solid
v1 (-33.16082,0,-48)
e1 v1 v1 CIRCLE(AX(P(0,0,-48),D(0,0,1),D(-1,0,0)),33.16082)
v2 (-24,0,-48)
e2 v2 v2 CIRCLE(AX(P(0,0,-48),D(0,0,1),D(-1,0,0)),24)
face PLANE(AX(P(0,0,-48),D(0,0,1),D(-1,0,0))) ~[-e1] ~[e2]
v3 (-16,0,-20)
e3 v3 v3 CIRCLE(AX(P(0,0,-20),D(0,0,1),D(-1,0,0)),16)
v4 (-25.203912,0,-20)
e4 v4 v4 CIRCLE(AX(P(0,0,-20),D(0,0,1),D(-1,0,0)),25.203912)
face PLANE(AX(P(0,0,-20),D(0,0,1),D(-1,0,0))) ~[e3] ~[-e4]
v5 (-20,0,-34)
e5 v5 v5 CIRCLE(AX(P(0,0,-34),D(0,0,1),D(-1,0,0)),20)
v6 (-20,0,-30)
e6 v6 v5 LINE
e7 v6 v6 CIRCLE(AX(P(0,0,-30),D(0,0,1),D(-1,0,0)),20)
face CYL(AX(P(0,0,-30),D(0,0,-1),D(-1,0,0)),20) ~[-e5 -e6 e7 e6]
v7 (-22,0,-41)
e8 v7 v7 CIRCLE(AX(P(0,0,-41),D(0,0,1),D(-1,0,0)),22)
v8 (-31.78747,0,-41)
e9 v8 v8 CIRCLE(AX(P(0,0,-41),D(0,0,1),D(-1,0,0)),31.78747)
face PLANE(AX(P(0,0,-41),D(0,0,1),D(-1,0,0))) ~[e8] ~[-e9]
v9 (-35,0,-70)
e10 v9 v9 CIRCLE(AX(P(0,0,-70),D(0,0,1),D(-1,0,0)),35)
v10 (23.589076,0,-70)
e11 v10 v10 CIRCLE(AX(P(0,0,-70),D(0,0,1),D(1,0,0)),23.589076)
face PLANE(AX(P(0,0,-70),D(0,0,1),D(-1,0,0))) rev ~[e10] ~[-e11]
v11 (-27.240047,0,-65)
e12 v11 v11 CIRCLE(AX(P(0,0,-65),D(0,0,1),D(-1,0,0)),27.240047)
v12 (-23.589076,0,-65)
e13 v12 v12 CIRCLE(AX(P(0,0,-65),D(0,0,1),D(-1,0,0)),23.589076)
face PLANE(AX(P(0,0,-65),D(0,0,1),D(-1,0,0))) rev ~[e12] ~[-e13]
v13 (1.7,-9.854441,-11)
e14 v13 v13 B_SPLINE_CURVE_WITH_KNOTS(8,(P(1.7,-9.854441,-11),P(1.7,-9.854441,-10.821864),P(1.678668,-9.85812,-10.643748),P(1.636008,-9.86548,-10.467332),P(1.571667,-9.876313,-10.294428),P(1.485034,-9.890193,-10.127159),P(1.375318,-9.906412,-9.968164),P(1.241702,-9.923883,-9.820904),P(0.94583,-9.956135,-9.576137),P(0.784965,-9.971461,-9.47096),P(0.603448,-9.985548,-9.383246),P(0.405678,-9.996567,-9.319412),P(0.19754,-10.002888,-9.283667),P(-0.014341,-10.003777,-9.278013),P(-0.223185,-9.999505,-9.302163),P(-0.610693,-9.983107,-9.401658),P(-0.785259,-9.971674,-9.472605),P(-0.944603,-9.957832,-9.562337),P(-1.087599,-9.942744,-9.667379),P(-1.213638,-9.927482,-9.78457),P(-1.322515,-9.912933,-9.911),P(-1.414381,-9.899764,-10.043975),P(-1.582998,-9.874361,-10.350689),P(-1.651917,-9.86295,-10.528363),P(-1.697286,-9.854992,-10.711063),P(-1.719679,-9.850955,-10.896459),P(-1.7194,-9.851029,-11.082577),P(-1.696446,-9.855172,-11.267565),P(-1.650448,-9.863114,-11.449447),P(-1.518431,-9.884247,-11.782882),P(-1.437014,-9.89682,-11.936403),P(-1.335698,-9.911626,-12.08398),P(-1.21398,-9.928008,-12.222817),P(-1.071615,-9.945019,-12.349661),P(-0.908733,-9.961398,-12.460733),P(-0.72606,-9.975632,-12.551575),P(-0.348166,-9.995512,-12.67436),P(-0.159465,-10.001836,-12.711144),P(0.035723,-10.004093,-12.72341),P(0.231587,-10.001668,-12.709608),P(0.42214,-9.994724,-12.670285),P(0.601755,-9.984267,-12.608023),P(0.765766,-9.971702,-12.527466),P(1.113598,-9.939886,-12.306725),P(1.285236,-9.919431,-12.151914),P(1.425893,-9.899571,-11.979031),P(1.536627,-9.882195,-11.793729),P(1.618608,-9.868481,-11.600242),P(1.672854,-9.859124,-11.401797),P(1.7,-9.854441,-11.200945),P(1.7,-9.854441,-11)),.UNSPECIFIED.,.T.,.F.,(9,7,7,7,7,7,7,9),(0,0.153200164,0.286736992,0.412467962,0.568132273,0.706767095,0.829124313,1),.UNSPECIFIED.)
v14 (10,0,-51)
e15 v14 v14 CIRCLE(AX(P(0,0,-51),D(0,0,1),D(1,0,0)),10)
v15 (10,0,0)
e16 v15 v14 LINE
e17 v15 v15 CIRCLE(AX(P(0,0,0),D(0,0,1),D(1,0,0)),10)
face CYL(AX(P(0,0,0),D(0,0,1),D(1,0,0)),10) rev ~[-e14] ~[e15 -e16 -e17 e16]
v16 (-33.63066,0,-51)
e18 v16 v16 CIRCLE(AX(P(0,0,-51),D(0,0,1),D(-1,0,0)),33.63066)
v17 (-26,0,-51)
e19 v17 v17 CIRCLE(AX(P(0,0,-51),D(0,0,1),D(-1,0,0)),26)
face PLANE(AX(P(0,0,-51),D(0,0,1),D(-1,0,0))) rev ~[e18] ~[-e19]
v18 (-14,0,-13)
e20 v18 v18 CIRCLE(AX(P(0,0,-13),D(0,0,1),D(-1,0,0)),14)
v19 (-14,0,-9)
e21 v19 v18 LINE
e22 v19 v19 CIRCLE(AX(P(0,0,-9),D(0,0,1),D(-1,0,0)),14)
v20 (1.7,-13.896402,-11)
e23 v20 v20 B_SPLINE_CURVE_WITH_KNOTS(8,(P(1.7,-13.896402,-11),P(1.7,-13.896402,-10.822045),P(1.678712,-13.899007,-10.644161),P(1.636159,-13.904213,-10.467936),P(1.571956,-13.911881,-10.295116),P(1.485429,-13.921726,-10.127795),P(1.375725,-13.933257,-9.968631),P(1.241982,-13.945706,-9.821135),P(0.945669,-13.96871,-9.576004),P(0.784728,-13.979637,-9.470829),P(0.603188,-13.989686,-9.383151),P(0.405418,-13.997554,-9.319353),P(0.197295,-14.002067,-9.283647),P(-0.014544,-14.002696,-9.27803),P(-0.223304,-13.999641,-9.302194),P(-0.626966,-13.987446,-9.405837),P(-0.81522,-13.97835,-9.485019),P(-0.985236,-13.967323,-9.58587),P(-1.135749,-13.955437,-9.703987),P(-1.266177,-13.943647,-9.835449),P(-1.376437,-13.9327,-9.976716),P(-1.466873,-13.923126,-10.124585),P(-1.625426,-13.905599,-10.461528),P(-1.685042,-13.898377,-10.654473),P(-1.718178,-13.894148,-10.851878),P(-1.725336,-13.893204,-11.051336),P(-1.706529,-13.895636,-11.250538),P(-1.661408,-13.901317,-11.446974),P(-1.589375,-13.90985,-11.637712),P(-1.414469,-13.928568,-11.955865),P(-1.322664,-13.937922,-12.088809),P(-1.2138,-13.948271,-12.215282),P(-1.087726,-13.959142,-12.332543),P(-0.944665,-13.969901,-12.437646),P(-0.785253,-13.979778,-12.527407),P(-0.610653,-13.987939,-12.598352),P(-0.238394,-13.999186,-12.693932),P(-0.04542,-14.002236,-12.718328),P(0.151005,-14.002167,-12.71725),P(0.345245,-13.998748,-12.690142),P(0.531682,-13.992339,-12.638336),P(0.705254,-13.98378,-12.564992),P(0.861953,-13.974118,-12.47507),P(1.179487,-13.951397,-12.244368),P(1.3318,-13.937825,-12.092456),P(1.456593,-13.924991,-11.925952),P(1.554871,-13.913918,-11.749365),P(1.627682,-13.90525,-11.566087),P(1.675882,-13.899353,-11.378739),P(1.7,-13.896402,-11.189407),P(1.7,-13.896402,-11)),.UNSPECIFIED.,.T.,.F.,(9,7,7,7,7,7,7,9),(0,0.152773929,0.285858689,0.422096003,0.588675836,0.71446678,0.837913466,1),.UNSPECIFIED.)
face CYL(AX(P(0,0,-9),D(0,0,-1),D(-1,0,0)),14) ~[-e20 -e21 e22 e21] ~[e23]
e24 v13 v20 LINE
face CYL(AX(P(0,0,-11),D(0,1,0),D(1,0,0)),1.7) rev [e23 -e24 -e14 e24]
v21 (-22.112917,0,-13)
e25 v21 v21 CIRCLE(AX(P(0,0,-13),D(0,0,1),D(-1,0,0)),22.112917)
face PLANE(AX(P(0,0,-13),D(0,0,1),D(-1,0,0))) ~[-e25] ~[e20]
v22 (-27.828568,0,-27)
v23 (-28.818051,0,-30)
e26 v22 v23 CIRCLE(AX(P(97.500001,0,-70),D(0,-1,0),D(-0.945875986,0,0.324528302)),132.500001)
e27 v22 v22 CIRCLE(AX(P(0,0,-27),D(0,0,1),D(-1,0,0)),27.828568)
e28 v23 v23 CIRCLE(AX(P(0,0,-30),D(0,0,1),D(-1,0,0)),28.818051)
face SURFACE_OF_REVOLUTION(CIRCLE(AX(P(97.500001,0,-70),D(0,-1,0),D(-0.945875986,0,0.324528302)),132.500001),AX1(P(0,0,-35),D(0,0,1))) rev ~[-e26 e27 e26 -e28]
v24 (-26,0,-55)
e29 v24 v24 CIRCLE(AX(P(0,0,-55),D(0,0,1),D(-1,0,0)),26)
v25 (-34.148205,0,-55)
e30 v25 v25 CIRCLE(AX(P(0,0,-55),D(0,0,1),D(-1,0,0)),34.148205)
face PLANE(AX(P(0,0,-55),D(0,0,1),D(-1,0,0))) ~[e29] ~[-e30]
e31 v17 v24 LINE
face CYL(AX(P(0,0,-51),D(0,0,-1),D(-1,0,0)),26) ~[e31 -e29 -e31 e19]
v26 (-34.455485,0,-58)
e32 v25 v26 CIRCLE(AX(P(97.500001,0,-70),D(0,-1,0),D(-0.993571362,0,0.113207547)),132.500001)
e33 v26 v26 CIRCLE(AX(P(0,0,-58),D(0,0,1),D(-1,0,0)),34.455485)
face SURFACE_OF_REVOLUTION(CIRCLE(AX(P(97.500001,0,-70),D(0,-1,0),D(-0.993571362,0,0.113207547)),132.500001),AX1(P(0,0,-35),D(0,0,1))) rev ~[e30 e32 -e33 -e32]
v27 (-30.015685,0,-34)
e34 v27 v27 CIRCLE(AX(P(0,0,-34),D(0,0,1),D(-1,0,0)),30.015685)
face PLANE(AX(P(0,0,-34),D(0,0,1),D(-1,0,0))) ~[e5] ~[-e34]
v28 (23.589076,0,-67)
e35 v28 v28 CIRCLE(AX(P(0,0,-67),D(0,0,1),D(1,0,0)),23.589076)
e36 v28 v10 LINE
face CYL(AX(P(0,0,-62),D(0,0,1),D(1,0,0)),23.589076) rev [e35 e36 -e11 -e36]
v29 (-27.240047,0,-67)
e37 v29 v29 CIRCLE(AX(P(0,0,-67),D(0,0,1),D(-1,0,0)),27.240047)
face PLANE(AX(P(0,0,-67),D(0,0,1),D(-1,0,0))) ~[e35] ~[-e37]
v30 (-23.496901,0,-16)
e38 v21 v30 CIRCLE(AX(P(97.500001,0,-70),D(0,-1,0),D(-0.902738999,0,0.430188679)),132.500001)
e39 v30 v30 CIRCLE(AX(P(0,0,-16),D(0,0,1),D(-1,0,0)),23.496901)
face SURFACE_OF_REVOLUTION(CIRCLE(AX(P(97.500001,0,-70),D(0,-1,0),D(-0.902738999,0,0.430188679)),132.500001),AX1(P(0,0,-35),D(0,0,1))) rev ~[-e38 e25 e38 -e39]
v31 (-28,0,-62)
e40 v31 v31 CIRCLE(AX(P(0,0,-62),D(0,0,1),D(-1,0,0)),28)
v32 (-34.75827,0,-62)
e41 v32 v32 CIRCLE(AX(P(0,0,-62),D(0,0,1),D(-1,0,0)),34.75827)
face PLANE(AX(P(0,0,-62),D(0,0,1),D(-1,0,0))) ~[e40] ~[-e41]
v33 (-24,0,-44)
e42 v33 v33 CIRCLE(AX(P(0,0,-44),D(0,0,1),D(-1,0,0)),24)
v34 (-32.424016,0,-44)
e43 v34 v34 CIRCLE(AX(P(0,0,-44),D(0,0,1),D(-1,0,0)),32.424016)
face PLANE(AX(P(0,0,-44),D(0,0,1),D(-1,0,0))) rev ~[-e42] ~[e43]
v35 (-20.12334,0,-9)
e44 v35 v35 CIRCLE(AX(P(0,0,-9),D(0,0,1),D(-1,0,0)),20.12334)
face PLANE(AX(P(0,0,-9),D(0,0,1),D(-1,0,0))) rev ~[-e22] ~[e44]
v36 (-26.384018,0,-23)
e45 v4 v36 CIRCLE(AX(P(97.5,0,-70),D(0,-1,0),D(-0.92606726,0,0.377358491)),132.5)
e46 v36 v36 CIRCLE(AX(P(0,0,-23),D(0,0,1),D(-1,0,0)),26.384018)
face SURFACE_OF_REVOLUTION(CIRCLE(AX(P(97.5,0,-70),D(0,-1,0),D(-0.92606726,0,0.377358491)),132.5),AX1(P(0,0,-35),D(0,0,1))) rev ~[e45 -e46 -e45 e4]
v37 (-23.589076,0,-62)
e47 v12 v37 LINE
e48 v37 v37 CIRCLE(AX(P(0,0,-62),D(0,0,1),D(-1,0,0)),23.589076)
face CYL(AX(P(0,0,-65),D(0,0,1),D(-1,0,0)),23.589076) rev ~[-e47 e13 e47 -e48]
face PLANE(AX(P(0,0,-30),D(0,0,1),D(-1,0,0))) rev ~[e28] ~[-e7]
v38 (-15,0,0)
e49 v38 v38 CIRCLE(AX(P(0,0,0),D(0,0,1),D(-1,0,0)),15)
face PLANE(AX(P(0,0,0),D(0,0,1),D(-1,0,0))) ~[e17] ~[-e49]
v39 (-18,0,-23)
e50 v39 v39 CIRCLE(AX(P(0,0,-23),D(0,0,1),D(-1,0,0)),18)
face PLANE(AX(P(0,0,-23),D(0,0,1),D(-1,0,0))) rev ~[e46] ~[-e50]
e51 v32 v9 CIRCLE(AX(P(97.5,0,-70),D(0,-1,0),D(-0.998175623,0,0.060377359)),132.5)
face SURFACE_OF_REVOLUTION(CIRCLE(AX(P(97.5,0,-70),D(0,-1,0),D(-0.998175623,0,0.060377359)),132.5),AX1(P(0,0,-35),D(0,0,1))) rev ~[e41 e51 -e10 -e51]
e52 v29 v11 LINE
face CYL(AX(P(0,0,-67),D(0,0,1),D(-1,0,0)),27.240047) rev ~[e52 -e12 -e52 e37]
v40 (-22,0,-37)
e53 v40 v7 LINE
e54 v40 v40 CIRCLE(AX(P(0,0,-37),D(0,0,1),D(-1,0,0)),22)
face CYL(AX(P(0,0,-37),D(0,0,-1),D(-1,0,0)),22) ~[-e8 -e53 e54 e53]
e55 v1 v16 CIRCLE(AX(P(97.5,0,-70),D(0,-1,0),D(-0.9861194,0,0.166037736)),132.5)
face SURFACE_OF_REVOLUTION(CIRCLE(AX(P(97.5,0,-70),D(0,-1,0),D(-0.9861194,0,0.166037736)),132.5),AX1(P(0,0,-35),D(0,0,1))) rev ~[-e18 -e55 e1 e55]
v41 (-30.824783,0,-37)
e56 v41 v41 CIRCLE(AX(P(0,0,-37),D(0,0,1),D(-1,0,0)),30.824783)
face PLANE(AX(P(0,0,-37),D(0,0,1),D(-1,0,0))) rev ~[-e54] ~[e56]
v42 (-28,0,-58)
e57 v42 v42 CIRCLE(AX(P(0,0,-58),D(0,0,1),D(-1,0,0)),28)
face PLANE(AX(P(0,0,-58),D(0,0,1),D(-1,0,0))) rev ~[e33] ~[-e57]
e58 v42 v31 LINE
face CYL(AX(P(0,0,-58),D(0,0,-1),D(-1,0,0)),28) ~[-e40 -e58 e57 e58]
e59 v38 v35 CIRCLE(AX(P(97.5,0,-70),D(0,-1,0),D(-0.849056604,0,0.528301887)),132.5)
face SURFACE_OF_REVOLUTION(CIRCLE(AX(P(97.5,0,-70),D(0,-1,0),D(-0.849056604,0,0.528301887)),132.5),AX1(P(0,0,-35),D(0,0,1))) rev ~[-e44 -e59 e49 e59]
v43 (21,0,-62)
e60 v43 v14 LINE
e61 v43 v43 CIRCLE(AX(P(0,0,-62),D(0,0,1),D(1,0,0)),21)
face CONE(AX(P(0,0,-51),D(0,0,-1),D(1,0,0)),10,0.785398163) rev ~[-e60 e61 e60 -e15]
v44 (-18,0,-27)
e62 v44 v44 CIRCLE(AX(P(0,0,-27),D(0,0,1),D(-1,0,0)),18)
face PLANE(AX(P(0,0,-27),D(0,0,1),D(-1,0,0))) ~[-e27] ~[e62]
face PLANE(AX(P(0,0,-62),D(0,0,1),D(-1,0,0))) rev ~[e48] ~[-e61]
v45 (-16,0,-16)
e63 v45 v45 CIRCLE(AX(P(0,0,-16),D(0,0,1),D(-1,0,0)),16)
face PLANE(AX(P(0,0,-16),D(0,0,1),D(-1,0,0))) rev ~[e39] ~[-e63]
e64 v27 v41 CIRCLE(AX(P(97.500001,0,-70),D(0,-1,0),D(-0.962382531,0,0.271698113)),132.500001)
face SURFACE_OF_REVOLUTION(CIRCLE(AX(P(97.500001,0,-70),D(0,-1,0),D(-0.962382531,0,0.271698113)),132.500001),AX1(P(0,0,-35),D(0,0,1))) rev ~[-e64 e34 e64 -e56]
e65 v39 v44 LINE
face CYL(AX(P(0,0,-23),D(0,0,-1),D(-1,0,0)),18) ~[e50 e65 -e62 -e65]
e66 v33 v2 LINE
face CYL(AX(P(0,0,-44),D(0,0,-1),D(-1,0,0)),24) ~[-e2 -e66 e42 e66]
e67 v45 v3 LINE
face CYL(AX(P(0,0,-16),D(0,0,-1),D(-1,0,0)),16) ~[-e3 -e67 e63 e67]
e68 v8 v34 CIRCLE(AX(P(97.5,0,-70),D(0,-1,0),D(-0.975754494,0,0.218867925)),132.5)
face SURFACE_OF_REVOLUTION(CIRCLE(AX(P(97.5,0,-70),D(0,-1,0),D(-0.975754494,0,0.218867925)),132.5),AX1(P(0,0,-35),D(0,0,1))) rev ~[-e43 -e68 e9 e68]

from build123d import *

# Parameters (mm, degrees)
F2_R      = 10
F1_FACE_R = 23.5890763923
F3_DEPTH  = 70.0010001
F4_R      = 1.7
F5_DEPTH  = 50
F6_SIZE   = 11


with BuildPart() as f1:
    # F0 (on Front) → F1 (revolve)
    with BuildSketch(Plane.XZ):
        with BuildLine():
            ThreePointArc((-34.7582700628, -62), (-34.939553728, -65.998174374), (-35, -70))
            Line((-35, -70), (-23.5500708222, -70))
            Line((-23.5500708222, -70), (-23.5500708222, -67))
            Line((-23.5500708222, -67), (-27.2400469397, -67))
            Line((-27.2400469397, -67), (-27.2400469397, -65))
            Line((-27.2400469397, -65), (-23.5890763923, -65))
            Line((-23.5890763923, -65), (-23.5890763923, -62))
            Line((-23.5890763923, -62), (0, -62))
            Line((0, -62), (0, 0))
            Line((0, 0), (-15, 0))
            ThreePointArc((-15, 0), (-17.6496324269, -4.4499263771), (-20.1233395207, -9))
            Line((-20.1233395207, -9), (-14, -9))
            Line((-14, -9), (-14, -13))
            Line((-14, -13), (-22.1129173626, -13))
            ThreePointArc((-22.1129173626, -13), (-22.8142599506, -14.4956861809), (-23.4969007868, -16))
            Line((-23.4969007868, -16), (-16, -16))
            Line((-16, -16), (-16, -20))
            Line((-16, -20), (-25.2039119181, -20))
            ThreePointArc((-25.2039119181, -20), (-25.8030893255, -21.4964108257), (-26.3840183397, -23))
            Line((-26.3840183397, -23), (-18, -23))
            Line((-18, -23), (-18, -27))
            Line((-18, -27), (-27.8285681718, -27))
            ThreePointArc((-27.8285681718, -27), (-28.3322503611, -28.4970510801), (-28.8180509666, -30))
            Line((-28.8180509666, -30), (-20, -30))
            Line((-20, -30), (-20, -34))
            Line((-20, -34), (-30.0156853097, -34))
            ThreePointArc((-30.0156853097, -34), (-30.429028528, -35.4976281993), (-30.824783265, -37))
            Line((-30.824783265, -37), (-22, -37))
            Line((-22, -37), (-22, -41))
            Line((-22, -41), (-31.7874703906, -41))
            ThreePointArc((-31.7874703906, -41), (-32.1144232034, -42.498158286), (-32.4240162557, -44))
            Line((-32.4240162557, -44), (-24, -44))
            Line((-24, -44), (-24, -48))
            Line((-24, -48), (-33.1608204474, -48))
            ThreePointArc((-33.1608204474, -48), (-33.4043345833, -49.4986540123), (-33.6306600304, -51))
            Line((-33.6306600304, -51), (-26, -51))
            Line((-26, -51), (-26, -55))
            Line((-26, -55), (-34.1482054568, -55))
            ThreePointArc((-34.1482054568, -55), (-34.3103804517, -56.4991257629), (-34.4554849182, -58))
            Line((-34.4554849182, -58), (-28, -58))
            Line((-28, -58), (-28, -62))
            Line((-28, -62), (-34.7582700628, -62))
        make_face()
    revolve(axis=Axis((0, 0, -35), (0, 0, 1)))

    # F2 (on Top) + F1_face (on face) → F3 (cut, through all)
    with BuildSketch(Plane.XY):
        Circle(F2_R)
    with BuildSketch(Plane(origin=(0, 0, -62), x_dir=(1, 0, 0), z_dir=(0, 0, -1))):
        Circle(F1_FACE_R)
    extrude(amount=-F3_DEPTH, dir=(0, 0, 1), mode=Mode.SUBTRACT)

    # F4 (on Front) → F5 (cut)
    with BuildSketch(Plane.XZ):
        with Locations((0, -11)):
            Circle(F4_R)
    extrude(amount=F5_DEPTH, mode=Mode.SUBTRACT)

    # F6
    f6_edges = [f1.edges().sort_by_distance(p)[0] for p in [
        (-10, 0, -62),
    ]]
    chamfer(f6_edges, length=F6_SIZE)


solid = f1.part
